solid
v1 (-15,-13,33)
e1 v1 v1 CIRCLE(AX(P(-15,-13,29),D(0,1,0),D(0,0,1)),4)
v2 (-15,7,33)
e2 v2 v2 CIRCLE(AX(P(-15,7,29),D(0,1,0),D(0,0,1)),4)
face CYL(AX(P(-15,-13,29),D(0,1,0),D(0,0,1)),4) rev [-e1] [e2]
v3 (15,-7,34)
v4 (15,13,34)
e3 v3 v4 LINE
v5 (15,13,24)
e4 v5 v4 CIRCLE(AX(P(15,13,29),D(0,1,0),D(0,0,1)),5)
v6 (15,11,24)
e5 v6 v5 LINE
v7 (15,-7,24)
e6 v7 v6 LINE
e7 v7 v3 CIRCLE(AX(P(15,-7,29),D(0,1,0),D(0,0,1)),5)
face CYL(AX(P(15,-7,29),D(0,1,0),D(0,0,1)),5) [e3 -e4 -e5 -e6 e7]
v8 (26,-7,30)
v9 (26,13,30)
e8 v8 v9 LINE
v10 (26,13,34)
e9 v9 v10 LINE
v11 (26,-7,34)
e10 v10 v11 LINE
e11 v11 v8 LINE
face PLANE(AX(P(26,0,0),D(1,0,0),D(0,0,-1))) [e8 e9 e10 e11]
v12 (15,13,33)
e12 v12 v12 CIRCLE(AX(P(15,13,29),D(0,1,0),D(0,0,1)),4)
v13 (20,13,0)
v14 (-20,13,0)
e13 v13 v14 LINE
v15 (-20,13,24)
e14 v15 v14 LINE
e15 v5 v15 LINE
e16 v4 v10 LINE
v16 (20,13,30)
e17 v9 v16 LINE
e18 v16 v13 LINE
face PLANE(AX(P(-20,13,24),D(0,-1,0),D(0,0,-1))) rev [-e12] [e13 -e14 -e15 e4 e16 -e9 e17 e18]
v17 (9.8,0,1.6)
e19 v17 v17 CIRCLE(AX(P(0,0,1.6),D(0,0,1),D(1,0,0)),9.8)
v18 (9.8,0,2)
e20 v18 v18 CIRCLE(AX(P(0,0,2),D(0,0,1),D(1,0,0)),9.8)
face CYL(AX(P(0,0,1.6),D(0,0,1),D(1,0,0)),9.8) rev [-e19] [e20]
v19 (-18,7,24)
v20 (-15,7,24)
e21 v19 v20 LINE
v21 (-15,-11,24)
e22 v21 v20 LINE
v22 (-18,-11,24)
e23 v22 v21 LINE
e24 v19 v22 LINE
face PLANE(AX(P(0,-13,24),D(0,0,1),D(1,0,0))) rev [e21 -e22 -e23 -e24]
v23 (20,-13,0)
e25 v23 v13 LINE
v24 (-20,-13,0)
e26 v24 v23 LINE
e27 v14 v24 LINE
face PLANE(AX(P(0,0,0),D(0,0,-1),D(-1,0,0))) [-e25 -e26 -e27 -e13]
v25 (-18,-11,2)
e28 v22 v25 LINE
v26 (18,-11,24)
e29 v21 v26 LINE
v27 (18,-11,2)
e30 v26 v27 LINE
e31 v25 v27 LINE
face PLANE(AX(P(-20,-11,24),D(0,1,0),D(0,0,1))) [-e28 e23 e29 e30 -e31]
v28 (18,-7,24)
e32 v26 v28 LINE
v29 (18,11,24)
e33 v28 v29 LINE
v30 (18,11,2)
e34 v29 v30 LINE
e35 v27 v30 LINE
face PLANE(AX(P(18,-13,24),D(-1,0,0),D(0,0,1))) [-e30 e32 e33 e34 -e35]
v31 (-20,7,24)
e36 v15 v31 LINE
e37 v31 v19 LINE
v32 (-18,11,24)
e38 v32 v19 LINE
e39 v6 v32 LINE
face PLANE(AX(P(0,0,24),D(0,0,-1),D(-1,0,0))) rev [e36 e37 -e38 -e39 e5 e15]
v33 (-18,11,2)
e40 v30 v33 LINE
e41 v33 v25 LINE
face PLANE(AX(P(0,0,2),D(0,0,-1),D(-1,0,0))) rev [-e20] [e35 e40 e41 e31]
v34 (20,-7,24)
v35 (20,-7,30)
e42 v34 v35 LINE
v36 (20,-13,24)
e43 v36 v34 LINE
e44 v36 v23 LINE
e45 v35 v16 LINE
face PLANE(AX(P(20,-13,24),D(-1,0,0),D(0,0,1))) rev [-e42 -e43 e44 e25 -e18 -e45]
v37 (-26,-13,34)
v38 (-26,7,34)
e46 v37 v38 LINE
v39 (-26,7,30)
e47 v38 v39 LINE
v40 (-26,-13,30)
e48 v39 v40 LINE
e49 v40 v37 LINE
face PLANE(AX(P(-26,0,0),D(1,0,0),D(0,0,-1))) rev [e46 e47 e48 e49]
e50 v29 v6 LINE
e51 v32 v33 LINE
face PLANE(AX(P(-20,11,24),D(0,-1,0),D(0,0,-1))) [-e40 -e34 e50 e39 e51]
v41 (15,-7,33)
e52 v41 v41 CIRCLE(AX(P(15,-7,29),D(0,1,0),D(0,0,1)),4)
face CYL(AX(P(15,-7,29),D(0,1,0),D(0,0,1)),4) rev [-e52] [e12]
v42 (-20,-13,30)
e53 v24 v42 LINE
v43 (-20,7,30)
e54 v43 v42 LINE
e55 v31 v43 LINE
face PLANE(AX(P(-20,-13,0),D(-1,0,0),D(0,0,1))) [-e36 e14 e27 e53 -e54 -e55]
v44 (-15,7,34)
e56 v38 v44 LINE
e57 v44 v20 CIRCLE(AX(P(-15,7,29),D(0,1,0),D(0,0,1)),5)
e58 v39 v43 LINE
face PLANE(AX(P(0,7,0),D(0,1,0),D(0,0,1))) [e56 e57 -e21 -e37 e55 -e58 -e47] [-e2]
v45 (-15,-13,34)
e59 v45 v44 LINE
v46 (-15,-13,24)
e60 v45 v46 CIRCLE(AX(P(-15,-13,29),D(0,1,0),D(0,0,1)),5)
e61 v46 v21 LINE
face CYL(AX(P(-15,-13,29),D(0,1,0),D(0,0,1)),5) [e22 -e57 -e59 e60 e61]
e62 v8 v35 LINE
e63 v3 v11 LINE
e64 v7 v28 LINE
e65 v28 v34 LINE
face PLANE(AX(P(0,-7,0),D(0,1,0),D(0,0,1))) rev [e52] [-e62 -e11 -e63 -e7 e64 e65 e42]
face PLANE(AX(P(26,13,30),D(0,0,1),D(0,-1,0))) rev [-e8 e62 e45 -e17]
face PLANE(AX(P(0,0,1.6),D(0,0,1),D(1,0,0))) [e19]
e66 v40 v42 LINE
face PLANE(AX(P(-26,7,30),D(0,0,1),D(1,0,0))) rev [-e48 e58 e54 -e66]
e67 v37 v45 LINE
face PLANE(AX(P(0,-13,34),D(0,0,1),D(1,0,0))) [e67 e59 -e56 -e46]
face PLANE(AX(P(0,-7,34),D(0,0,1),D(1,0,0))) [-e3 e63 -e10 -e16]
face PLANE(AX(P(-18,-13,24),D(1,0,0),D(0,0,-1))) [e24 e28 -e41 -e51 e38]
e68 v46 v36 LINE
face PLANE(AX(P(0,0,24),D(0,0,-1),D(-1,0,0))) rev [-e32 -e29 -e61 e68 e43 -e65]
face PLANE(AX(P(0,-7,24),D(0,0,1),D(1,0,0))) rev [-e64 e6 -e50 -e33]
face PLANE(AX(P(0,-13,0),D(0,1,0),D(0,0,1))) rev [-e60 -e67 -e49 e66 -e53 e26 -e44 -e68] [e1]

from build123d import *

# Parameters (mm, degrees)
SKETCH_1_W          = 20
SKETCH_1_H          = 13
EXTRUDE_1_DEPTH     = 12
SHELL_1_T           = -1
SKETCH_2_R          = 2.5
SKETCH_2_R_2        = 2
EXTRUDE_4_DEPTH     = 10
SKETCH_3_R          = 4.9
CUT_EXTRUDE_1_DEPTH = 0.2
SKETCH_9_R          = 2.5
SKETCH_9_R_2        = 2
EXTRUDE_8_DEPTH     = 10
SKETCH_6_W          = 2
SKETCH_6_H          = 10
EXTRUDE_10_DEPTH    = 3
SKETCH_10_W         = 2
SKETCH_10_H         = 10
EXTRUDE_11_DEPTH    = 3
SCALE_1_SCALE       = 2


with BuildPart() as part:
    # 스케치1 → 보스-돌출1 (new body)
    with BuildSketch(Plane.XY):
        Rectangle(SKETCH_1_W, SKETCH_1_H)
    extrude(amount=EXTRUDE_1_DEPTH)

    # 쉘1
    shell_1_openings = [part.faces().sort_by_distance(p)[0] for p in [
        (0, 0, 12),
    ]]
    offset(amount=SHELL_1_T, openings=shell_1_openings, kind=Kind.INTERSECTION)

    # 스케치3 → 컷-돌출1 (cut)
    with BuildSketch(Plane.XY.offset(1)):
        Circle(SKETCH_3_R)
    extrude(amount=-CUT_EXTRUDE_1_DEPTH, mode=Mode.SUBTRACT)

    # 스케치9 → 보스-돌출8 (add)
    # profile 1 of 3: a face of its own
    with BuildSketch(Plane(origin=(0, 6.5, 0), x_dir=(1, 0, 0), z_dir=(0, 1, 0))):
        with BuildLine():
            Line((10, -14.5), (10, -12))
            Line((10, -12), (7.5, -12))
            ThreePointArc((7.5, -12), (9.267766953, -12.732233047), (10, -14.5))
        make_face()
    # profile 2 of 3: a face of its own
    with BuildSketch(Plane(origin=(0, 6.5, 0), x_dir=(1, 0, 0), z_dir=(0, 1, 0))):
        with BuildLine():
            Line((10, -17), (10, -14.5))
            ThreePointArc((10, -14.5), (9.267766953, -16.267766953), (7.5, -17))
            Line((7.5, -17), (10, -17))
        make_face()
    # profile 3 of 3: a face of its own
    with BuildSketch(Plane(origin=(0, 6.5, 0), x_dir=(1, 0, 0), z_dir=(0, 1, 0))):
        with Locations((7.5, -14.5)):
            Circle(SKETCH_9_R)
        with Locations(Location((7.5, -14.5, 0), (0, 0, 270))):
            Circle(SKETCH_9_R_2, mode=Mode.SUBTRACT)
    extrude(amount=-EXTRUDE_8_DEPTH)


with BuildPart() as body_2:
    # 스케치2 → 보스-돌출4 (new body)
    # profile 1 of 3: a face of its own
    with BuildSketch(Plane(origin=(0, 3.5, 0), x_dir=(1, 0, 0), z_dir=(0, 1, 0))):
        with BuildLine():
            ThreePointArc((-7.5, -17), (-9.267766953, -16.267766953), (-10, -14.5))
            Line((-10, -14.5), (-10, -17))
            Line((-10, -17), (-7.5, -17))
        make_face()
    # profile 2 of 3: a face of its own
    with BuildSketch(Plane(origin=(0, 3.5, 0), x_dir=(1, 0, 0), z_dir=(0, 1, 0))):
        with Locations((-7.5, -14.5)):
            Circle(SKETCH_2_R)
        with Locations(Location((-7.5, -14.5, 0), (0, 0, 270))):
            Circle(SKETCH_2_R_2, mode=Mode.SUBTRACT)
    # profile 3 of 3: a face of its own
    with BuildSketch(Plane(origin=(0, 3.5, 0), x_dir=(1, 0, 0), z_dir=(0, 1, 0))):
        with BuildLine():
            Line((-7.5, -12), (-10, -12))
            Line((-10, -12), (-10, -14.5))
            ThreePointArc((-10, -14.5), (-9.267766953, -12.732233047), (-7.5, -12))
        make_face()
    extrude(amount=-EXTRUDE_4_DEPTH)


    add(part.part)  # 보스-돌출10 merges part
    # 스케치6 → 보스-돌출10 (add)
    with BuildSketch(Plane.ZY.offset(10)):
        with Locations((16, -1.5)):
            Rectangle(SKETCH_6_W, SKETCH_6_H)
    extrude(amount=EXTRUDE_10_DEPTH)

    # 스케치10 → 보스-돌출11 (add)
    with BuildSketch(Plane(origin=(10, 0, 0), x_dir=(0, 0, -1), z_dir=(1, 0, 0))):
        with Locations((-16, 1.5)):
            Rectangle(SKETCH_10_W, SKETCH_10_H)
    extrude(amount=EXTRUDE_11_DEPTH)


with BuildPart() as body_2_1:
    # 축척1: scaled about (0, 0, 0)
    add(body_2.part.scale(SCALE_1_SCALE))


solid = body_2_1.part
